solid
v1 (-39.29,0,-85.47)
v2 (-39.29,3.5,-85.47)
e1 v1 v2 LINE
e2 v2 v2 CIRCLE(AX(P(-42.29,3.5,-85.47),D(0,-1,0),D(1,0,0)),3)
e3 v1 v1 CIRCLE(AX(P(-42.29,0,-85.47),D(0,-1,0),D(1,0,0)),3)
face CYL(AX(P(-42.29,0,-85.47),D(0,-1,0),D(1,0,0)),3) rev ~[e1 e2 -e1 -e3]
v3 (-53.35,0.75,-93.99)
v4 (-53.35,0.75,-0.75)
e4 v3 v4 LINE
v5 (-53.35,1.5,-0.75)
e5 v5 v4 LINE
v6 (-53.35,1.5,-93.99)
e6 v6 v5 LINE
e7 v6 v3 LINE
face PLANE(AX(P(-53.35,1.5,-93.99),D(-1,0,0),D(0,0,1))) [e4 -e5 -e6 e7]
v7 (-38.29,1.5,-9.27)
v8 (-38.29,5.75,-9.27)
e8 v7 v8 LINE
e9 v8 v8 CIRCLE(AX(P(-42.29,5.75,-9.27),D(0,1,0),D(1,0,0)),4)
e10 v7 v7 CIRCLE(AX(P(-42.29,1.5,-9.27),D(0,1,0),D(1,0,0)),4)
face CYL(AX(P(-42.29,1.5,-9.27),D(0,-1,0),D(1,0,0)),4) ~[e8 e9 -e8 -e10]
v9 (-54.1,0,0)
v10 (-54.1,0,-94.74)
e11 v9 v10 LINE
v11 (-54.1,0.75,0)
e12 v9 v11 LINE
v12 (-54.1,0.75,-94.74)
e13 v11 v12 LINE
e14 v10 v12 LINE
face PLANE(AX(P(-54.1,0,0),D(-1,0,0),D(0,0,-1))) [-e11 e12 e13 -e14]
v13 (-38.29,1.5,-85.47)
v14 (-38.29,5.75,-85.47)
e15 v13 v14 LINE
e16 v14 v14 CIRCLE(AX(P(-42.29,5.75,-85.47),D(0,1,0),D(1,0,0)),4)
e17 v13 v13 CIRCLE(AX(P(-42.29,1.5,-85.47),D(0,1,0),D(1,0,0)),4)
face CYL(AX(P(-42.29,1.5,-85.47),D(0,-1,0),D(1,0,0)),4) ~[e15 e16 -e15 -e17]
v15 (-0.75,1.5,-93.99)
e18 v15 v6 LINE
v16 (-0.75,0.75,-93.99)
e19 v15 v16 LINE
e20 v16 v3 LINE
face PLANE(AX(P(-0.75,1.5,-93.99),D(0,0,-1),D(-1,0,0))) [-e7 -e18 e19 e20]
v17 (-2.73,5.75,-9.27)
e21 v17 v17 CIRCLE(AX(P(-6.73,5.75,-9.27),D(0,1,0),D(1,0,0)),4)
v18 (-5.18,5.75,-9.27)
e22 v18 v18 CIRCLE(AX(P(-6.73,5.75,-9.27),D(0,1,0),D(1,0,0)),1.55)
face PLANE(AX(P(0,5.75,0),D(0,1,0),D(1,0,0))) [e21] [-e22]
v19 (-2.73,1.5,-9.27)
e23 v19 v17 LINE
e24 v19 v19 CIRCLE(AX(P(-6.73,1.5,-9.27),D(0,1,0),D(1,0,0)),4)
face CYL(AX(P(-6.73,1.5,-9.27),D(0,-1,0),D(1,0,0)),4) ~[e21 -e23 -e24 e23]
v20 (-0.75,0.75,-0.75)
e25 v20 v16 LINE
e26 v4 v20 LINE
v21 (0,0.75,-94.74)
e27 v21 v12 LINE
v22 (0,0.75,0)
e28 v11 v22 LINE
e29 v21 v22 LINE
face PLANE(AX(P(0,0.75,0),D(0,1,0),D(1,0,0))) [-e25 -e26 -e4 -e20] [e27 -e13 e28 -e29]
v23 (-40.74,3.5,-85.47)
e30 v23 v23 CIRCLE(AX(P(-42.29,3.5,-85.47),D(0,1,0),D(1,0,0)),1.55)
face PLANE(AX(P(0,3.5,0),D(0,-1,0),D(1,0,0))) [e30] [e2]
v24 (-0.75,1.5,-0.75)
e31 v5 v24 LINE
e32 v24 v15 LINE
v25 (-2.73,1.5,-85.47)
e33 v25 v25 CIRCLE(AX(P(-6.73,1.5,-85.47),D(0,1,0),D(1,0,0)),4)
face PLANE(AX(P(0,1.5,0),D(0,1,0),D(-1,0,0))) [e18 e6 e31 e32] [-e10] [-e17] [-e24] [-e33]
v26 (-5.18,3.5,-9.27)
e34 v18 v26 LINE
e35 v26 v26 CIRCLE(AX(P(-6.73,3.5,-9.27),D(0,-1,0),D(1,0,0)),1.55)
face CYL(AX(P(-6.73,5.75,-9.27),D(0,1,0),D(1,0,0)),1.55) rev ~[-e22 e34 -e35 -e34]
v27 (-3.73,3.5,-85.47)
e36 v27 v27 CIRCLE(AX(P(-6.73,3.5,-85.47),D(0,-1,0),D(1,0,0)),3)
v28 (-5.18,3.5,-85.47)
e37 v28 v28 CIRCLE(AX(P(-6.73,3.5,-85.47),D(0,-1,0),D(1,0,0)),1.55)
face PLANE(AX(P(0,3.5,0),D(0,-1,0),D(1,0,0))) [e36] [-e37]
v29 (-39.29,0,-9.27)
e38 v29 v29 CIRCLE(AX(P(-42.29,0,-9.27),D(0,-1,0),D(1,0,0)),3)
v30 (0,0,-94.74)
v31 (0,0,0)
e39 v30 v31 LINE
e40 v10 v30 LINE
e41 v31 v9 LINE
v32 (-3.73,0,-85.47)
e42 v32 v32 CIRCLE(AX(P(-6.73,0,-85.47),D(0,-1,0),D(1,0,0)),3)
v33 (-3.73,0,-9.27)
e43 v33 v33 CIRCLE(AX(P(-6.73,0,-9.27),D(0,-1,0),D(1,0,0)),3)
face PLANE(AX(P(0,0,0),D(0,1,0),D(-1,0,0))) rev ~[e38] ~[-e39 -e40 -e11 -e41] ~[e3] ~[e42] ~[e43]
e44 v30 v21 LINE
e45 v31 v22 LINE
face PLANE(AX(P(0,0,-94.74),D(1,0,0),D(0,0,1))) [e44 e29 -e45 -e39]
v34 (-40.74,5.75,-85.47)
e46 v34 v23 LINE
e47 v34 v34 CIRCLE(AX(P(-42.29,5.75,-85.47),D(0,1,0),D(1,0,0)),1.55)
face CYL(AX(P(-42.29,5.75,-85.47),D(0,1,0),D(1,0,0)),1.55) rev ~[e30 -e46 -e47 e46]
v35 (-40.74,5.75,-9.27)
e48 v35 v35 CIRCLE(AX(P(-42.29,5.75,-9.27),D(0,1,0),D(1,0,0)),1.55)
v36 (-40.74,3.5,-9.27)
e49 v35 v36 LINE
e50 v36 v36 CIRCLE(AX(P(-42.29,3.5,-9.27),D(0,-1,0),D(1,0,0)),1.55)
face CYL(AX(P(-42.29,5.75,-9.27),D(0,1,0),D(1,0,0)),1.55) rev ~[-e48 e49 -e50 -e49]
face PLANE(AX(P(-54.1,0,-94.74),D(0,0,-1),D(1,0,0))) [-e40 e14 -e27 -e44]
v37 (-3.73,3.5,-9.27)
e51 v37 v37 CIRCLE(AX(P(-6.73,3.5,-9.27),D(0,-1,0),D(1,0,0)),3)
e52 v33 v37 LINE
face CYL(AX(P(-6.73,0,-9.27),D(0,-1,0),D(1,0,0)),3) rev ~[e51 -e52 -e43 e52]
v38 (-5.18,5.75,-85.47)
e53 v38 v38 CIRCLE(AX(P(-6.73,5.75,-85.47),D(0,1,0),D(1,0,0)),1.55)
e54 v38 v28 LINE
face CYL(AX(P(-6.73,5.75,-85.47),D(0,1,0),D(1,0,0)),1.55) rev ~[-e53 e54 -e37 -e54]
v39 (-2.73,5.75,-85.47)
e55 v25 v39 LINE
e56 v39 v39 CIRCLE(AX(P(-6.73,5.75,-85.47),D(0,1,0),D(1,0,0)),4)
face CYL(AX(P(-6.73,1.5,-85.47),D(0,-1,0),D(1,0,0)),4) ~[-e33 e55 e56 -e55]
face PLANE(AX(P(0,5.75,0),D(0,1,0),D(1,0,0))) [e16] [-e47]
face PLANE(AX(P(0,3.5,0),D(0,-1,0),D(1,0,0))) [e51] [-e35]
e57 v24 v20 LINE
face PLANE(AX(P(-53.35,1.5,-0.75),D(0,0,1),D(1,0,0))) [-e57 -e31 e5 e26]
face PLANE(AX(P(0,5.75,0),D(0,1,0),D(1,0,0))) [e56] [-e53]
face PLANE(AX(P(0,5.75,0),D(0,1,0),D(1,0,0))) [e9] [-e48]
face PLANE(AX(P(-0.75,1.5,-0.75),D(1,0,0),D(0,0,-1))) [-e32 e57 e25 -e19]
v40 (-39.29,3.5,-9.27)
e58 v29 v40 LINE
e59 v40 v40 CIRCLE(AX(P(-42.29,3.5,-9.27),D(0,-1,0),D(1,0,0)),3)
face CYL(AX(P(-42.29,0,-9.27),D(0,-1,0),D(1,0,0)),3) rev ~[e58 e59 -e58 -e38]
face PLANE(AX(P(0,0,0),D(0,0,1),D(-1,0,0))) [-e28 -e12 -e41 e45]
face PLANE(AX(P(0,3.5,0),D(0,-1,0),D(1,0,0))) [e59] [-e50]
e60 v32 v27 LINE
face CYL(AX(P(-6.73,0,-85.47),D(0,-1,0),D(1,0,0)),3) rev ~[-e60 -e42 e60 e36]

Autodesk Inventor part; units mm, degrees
ref_plane "YZ Plane" through (0, 0, 0) normal (1, 0, 0) x (0, 1, 0)
ref_plane "XZ Plane" through (0, 0, 0) normal (0, 1, 0) x (-1, 0, 0)
ref_plane "XY Plane" through (0, 0, 0) normal (0, 0, 1) x (1, 0, 0)
sketch "Skizze1" plane through (0, 0, 0) normal (0, 1, 0) x (-1, 0, 0)
  line L0 (0, 0) -> (54.1, 0)
  line L1 (54.1, 0) -> (54.1, -94.74)
  line L2 (54.1, -94.74) -> (0, -94.74)
  line L3 (0, -94.74) -> (0, 0)
  dimension "d0" = 94.74
  dimension "d1" = 54.1
extrude "Extrusion1" add sketch "Skizze1" along normal blind 1.5
sketch "Skizze2" plane through (0, 1.5, 0) normal (0, 1, 0) x (1, 0, 0)
  line L0 (-54.1, 0) -> (0, 0) projected
  line L1 (0, 94.74) -> (-54.1, 94.74) projected
  line L2 (0, 0) -> (-54.1, 0)
  line L3 (-54.1, 0) -> (-54.1, 94.74)
  line L4 (-54.1, 94.74) -> (0, 94.74)
  line L5 (0, 94.74) -> (0, 0)
  line L6 (-53.35, 93.99) -> (-53.35, 0.75)
  line L7 (-53.35, 0.75) -> (-0.75, 0.75)
  line L8 (-0.75, 0.75) -> (-0.75, 93.99)
  line L9 (-0.75, 93.99) -> (-53.35, 93.99)
  dimension "d4" = 0.75
extrude "Extrusion2" cut sketch "Skizze2" against normal blind 0.75
sketch "Skizze3" plane through (0, 1.5, 0) normal (0, 1, 0) x (1, 0, 0)
  circle A0 centre (-42.29, 9.27) radius 4
  circle A1 centre (-42.29, 85.47) radius 4
  circle A2 centre (-6.73, 85.47) radius 4
  circle A3 centre (-6.73, 9.27) radius 4
  line L0 (0, 0) -> (-54.1, 0) projected
  line L1 (-0.75, 0.75) -> (-0.75, 93.99) projected
  line L2 (-53.35, 0.75) -> (-0.75, 0.75) projected
  dimension "d7" = 8
  dimension "d8" = 8
  dimension "d9" = 8
  dimension "d10" = 8
  dimension "d12" = 5.98
  dimension "d13" = 5.98
  dimension "d14" = 35.56
  dimension "d15" = 35.56
  dimension "d16" = 8.52
  dimension "d17" = 76.2
extrude "Extrusion3" add sketch "Skizze3" along normal blind 4.25
sketch "Skizze4" plane through (-42.29, 5.75, -9.27) normal (0, 1, 0) x (1, 0, 0)
  circle A0 centre (0, 0) radius 4 projected
  circle A1 centre (0, 0) radius 1.55
  circle A2 centre (35.56, 0) radius 4 projected
  circle A3 centre (35.56, 0) radius 1.55
  circle A4 centre (35.56, 76.2) radius 4 projected
  circle A5 centre (35.56, 76.2) radius 1.55
  circle A6 centre (0, 76.2) radius 4 projected
  circle A7 centre (0, 76.2) radius 1.55
  point P0 (42.29, -9.27)
  dimension "d20" = 3.1
  dimension "d21" = 3.1
  dimension "d22" = 3.1
  dimension "d23" = 3.1
extrude "Extrusion4" cut sketch "Skizze4" against normal blind 10 contours A1 | A3 | A5 | A7
sketch "Skizze5" plane through (0, 0, 0) normal (0, -1, 0) x (1, 0, 0)
  circle A0 centre (-6.73, -9.27) radius 1.55 projected
  circle A1 centre (-6.73, -9.27) radius 3
  circle A2 centre (-42.29, -9.27) radius 1.55 projected
  circle A3 centre (-42.29, -9.27) radius 3
  circle A4 centre (-42.29, -85.47) radius 4 projected
  circle A5 centre (-42.29, -85.47) radius 3
  circle A6 centre (-6.73, -85.47) radius 1.55 projected
  circle A7 centre (-6.73, -85.47) radius 3
  point P0 (0, 0)
  dimension "d26" = 6
  dimension "d27" = 6
  dimension "d28" = 6
  dimension "d29" = 6
extrude "Extrusion5" cut sketch "Skizze5" against normal blind 3.5 contours A1 | A3 | A5 | A7
properties part number "Bottom"
